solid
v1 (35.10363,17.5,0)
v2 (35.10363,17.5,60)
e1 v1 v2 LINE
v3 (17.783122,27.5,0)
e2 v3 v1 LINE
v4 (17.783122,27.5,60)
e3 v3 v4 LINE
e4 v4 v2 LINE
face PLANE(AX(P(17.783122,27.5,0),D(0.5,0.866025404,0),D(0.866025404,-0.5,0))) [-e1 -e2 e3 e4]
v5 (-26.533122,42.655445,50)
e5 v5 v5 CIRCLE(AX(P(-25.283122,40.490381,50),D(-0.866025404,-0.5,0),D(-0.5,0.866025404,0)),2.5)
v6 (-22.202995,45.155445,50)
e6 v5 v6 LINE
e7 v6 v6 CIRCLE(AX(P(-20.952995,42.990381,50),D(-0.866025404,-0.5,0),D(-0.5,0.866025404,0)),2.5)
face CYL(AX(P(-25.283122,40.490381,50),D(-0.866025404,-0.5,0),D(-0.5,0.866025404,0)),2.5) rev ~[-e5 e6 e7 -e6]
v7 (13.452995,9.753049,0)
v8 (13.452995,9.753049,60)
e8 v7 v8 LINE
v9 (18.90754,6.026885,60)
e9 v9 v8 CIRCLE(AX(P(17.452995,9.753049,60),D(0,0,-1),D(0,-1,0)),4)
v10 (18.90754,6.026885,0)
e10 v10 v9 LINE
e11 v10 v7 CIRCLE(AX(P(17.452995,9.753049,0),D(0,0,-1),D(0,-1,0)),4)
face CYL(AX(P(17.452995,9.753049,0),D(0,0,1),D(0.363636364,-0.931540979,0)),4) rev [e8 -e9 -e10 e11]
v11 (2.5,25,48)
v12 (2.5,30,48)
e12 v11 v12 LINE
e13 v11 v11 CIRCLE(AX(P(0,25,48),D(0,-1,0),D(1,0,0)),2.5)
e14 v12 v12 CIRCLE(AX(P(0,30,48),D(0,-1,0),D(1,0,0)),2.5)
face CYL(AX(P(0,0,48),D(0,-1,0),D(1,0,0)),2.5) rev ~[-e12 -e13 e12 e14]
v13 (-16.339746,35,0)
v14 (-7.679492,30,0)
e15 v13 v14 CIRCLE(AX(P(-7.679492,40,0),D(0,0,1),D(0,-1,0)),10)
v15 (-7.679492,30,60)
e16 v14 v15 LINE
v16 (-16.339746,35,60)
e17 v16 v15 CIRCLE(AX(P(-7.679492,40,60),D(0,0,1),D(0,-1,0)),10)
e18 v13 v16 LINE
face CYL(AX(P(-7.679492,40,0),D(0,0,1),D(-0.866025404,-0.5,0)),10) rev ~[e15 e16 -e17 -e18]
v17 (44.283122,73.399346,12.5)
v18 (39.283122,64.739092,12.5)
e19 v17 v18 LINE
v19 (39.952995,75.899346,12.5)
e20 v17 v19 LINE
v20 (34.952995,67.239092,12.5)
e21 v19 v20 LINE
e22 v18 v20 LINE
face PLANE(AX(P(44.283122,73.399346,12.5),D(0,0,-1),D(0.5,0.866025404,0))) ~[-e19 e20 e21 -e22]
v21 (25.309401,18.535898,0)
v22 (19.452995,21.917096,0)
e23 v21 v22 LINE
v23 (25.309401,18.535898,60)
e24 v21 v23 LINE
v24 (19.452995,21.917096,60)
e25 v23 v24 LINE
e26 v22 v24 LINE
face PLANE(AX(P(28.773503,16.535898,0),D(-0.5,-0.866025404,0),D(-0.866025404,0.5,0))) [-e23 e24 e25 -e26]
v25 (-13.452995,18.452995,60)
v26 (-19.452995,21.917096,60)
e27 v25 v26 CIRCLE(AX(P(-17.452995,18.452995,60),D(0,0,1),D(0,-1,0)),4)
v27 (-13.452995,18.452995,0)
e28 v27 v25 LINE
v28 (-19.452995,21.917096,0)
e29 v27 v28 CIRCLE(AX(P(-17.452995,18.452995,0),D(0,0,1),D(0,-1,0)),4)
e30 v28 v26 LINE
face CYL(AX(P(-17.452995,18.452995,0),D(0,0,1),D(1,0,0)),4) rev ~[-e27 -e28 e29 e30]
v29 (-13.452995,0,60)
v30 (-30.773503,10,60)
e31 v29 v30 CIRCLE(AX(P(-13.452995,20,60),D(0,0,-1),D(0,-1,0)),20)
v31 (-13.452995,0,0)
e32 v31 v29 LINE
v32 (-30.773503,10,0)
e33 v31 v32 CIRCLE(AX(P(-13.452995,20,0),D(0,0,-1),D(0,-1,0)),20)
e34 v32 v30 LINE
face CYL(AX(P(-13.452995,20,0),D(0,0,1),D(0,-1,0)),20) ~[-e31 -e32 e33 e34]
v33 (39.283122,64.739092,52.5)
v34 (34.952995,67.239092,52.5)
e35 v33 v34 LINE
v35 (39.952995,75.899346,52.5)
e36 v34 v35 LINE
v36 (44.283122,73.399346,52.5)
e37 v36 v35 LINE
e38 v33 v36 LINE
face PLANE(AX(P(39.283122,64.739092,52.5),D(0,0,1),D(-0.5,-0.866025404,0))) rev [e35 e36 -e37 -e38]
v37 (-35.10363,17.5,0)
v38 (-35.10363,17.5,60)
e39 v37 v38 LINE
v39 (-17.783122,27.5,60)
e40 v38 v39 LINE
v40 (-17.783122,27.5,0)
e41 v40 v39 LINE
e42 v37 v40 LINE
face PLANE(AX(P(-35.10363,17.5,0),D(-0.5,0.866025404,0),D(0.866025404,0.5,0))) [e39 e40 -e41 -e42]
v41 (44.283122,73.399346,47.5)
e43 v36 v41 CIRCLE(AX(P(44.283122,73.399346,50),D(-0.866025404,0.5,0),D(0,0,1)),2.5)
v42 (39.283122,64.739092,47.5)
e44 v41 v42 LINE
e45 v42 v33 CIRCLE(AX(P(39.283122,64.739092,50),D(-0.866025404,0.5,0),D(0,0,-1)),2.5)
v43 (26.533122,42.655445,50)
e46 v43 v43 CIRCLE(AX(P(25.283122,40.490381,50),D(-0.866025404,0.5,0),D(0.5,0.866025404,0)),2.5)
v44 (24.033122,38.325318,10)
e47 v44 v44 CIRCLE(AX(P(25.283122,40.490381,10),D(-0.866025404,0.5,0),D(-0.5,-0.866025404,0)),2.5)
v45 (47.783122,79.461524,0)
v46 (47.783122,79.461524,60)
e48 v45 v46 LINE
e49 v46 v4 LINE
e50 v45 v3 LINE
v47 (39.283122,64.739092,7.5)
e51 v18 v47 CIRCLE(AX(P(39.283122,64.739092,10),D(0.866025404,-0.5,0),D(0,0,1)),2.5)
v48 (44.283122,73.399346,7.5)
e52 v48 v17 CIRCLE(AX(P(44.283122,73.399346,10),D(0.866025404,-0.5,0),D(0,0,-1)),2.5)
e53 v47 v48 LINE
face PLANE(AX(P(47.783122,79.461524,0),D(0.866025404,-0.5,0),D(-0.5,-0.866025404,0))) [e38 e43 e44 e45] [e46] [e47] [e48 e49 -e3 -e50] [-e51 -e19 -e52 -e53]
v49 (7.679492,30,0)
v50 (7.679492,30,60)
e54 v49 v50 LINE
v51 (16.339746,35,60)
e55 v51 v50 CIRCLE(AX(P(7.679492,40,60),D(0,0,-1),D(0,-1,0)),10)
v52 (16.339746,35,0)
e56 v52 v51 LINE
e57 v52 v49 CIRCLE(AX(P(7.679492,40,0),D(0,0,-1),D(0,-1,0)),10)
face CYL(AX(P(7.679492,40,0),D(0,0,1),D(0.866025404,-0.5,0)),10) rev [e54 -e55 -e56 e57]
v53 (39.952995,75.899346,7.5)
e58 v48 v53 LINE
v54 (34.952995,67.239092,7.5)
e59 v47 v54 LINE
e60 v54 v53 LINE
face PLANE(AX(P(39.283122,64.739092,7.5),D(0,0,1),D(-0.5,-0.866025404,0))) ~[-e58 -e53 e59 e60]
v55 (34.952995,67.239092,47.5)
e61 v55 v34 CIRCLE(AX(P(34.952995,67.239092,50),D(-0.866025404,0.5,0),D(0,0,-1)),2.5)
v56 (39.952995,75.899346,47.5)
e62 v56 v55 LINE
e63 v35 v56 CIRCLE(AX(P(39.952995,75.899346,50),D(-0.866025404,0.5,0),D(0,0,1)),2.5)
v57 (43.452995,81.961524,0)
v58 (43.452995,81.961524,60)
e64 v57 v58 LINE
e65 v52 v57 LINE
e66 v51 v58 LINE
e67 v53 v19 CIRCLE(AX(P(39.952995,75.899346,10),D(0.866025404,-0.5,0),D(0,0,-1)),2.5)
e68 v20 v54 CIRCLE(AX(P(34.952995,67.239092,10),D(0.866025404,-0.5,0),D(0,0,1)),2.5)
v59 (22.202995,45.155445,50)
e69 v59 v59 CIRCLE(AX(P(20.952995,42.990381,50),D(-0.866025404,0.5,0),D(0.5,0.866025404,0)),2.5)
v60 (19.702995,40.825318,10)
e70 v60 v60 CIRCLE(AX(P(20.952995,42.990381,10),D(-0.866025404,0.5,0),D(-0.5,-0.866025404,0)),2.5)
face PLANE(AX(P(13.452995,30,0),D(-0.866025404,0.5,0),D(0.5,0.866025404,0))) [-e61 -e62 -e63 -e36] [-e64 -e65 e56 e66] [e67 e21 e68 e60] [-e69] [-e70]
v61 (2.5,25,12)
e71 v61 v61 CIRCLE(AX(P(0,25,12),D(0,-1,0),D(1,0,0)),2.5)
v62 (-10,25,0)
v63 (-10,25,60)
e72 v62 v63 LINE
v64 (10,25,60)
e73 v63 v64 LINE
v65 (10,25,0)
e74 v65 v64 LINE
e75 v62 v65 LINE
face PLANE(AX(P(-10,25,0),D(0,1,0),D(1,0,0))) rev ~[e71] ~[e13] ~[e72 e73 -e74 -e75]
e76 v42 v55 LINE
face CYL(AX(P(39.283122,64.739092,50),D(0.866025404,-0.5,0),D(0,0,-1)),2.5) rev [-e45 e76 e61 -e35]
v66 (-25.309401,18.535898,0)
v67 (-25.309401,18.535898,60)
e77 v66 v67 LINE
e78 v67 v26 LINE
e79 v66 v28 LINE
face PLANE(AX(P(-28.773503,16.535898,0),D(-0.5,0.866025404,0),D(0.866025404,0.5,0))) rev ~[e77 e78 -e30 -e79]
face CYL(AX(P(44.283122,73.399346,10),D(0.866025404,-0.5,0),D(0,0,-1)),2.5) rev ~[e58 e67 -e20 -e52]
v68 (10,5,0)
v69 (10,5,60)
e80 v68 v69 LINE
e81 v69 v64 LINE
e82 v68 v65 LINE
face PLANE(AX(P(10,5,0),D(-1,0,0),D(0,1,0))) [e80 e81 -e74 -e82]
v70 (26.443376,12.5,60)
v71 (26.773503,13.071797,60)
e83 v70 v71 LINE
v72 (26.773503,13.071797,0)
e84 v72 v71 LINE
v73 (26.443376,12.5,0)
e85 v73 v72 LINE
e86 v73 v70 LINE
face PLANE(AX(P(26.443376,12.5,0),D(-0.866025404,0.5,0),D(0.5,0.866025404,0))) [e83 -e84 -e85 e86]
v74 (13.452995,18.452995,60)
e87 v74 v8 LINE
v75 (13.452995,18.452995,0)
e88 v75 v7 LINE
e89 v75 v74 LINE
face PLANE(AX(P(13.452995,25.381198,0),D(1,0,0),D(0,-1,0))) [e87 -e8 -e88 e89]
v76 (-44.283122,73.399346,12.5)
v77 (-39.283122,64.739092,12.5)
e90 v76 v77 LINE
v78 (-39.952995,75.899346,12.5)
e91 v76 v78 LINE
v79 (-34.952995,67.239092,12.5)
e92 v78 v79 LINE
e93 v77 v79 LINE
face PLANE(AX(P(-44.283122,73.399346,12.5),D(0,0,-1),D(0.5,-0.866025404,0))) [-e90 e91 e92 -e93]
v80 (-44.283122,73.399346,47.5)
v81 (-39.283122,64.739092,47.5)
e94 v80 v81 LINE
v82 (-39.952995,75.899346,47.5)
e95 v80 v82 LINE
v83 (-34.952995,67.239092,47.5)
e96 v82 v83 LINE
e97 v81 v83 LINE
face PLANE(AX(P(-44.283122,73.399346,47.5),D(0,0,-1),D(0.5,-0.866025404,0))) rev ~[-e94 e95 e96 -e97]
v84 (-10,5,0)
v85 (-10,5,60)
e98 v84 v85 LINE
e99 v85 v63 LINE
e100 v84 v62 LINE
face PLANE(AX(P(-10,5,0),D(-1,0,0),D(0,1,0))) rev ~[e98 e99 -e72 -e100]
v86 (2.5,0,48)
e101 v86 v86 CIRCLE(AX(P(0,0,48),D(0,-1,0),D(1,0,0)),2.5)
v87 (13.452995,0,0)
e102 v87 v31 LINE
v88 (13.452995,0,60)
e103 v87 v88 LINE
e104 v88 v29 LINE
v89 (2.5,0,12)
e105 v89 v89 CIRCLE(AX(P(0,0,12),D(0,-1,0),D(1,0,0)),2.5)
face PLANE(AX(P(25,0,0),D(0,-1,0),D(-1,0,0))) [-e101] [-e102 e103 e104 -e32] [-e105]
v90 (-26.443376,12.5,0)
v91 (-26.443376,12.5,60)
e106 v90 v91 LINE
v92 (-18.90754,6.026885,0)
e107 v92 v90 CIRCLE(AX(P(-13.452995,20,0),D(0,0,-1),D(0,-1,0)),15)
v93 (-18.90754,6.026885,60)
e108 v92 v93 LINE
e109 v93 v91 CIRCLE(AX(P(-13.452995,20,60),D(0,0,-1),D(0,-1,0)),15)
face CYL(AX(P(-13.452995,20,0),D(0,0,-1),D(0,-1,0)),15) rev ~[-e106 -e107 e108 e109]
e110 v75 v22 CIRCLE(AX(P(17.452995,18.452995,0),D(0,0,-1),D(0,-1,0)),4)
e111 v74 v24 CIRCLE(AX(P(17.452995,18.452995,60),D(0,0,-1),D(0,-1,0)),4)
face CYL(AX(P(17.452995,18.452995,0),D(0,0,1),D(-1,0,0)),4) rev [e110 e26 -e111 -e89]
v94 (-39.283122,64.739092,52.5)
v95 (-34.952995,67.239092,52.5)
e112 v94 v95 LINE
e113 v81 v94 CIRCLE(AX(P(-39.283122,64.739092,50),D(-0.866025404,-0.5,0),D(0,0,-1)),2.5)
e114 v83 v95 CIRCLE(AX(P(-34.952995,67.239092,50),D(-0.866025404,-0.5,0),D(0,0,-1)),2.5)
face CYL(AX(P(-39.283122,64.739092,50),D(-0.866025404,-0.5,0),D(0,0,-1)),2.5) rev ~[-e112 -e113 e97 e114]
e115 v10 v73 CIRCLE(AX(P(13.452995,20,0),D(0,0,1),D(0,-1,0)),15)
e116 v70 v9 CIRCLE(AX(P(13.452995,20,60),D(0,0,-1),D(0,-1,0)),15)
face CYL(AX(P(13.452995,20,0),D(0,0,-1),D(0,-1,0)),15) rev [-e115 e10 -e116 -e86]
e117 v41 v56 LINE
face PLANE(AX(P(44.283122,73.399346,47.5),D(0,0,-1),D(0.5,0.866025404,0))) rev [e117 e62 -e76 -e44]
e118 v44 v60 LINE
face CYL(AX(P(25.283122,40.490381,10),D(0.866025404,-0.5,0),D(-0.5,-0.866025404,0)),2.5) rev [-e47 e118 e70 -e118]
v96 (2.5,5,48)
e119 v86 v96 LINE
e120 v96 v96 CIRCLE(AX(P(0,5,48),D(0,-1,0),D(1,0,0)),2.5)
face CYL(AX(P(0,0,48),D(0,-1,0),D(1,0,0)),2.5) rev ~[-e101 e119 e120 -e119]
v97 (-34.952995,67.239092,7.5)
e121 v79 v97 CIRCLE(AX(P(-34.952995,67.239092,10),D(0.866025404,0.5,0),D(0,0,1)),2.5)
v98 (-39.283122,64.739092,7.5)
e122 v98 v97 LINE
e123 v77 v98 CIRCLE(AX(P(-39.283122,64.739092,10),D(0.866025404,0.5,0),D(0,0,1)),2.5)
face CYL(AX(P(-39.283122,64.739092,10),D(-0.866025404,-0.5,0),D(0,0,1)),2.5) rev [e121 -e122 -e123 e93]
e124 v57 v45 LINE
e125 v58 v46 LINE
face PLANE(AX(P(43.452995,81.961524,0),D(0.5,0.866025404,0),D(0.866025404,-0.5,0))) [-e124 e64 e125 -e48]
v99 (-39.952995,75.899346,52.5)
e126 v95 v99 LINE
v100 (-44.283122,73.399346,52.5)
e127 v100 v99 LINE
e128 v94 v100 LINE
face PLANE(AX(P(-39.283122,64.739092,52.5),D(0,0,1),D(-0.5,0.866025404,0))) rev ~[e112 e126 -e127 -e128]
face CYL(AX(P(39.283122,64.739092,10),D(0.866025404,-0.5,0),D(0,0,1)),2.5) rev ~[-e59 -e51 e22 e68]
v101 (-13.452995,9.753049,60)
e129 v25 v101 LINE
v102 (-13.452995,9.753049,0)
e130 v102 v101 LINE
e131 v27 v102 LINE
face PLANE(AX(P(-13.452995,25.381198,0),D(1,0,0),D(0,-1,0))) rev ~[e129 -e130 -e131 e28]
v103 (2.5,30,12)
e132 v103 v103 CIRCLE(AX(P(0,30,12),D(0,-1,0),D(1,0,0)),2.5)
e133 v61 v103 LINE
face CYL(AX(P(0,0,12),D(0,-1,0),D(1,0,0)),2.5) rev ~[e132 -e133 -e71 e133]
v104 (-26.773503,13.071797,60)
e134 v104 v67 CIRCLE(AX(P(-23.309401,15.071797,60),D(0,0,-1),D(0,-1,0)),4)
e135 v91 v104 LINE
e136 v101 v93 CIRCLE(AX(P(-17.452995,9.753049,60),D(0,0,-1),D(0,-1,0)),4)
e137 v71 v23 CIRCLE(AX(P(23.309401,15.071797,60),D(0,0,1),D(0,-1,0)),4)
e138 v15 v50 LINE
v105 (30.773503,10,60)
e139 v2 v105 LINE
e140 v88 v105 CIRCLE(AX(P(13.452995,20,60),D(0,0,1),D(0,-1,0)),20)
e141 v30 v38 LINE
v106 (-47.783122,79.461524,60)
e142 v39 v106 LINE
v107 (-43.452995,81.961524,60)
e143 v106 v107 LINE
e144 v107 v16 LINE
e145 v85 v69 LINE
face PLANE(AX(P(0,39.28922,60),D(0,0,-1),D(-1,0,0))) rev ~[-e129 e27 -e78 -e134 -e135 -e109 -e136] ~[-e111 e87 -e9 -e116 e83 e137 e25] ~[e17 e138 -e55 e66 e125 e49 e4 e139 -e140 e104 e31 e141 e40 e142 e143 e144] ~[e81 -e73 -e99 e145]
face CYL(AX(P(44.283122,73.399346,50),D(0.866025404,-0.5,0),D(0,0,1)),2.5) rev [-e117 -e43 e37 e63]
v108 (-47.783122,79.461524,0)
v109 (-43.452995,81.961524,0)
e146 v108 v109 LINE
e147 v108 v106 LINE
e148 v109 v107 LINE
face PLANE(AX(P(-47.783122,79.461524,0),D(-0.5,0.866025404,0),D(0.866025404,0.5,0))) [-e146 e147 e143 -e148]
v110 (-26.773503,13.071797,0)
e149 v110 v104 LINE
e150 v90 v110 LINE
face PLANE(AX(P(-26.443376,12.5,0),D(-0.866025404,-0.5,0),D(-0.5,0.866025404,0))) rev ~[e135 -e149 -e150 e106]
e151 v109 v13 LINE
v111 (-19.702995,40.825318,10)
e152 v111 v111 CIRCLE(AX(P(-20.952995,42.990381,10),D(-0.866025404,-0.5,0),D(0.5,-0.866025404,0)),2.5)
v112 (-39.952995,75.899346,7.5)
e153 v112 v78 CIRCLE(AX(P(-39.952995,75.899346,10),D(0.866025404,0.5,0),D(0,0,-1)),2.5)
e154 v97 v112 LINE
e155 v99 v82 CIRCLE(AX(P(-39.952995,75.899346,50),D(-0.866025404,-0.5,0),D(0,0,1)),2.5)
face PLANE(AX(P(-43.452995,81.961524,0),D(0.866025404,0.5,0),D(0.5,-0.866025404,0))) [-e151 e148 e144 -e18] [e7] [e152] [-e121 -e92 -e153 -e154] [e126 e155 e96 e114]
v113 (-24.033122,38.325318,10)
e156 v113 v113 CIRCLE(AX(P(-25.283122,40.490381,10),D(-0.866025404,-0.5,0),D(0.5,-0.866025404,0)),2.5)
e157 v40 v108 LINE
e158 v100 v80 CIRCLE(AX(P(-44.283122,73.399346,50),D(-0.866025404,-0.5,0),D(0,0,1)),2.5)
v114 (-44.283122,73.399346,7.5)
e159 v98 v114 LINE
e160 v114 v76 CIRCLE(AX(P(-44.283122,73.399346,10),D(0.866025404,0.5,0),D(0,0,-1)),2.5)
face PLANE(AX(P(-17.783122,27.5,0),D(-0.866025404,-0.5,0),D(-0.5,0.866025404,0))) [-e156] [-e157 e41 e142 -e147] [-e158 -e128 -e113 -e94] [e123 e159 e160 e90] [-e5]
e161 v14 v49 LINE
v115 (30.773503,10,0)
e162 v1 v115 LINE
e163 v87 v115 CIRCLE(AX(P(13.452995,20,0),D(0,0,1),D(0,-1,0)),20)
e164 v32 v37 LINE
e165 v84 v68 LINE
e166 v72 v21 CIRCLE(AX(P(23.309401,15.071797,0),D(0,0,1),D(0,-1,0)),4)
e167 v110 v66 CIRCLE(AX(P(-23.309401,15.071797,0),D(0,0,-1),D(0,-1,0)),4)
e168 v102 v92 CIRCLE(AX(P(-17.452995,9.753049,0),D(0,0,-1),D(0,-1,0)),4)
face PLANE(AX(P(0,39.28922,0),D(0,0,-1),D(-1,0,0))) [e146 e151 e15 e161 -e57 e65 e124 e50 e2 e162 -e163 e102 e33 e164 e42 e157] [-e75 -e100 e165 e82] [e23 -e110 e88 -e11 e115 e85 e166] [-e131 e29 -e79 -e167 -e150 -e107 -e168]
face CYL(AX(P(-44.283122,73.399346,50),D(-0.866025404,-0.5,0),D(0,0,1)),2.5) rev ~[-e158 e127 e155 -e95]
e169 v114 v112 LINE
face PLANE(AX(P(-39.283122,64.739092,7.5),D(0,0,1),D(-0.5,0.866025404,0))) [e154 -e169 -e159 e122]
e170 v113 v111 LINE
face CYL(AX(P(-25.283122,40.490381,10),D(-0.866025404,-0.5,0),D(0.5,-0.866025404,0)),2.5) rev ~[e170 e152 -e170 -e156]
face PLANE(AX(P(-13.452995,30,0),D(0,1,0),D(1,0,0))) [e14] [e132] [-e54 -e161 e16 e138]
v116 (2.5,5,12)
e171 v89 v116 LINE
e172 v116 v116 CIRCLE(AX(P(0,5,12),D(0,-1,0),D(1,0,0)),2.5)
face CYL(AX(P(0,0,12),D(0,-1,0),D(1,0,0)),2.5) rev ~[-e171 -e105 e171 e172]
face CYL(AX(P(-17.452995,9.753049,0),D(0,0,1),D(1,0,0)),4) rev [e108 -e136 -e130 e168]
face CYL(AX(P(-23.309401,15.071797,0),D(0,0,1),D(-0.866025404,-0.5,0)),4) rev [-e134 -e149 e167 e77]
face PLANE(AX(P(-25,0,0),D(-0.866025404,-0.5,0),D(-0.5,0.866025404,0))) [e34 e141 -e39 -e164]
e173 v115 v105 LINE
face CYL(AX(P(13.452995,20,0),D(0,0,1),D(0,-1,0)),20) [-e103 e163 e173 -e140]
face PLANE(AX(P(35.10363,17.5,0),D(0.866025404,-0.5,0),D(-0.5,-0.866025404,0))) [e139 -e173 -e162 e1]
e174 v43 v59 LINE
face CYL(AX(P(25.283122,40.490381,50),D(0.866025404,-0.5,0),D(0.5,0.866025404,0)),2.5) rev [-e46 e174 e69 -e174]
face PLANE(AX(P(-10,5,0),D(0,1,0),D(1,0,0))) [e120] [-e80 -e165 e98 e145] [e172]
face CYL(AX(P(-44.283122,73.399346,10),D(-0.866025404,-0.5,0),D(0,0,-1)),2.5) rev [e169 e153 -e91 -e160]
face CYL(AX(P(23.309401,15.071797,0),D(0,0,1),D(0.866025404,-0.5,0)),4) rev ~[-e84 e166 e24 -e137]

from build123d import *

# Parameters (mm, degrees)
SCHIZZO1_W                   = 20
SCHIZZO1_H                   = 20
ESTRUSIONE_ESTRUSIONE1_DEPTH = 60
RACCORDO1_R                  = 20
SCHIZZO8_R                   = 2.5
TAGLIO_ESTRUSIONE3_DEPTH     = 5
TAGLIO_ESTRUSIONE4_DEPTH     = 113.253811369
RACCORDO2_R                  = 10
RACCORDO3_R                  = 4
SCHIZZO11_R                  = 2.5
TAGLIO_ESTRUSIONE5_DEPTH     = 113.253811369


with BuildPart() as part:
    # Schizzo1 → Estrusione-Estrusione1 (new body)
    with BuildSketch(Plane.XY):
        Polygon((25, 0), (-25, 0), (-35.103629711, 17.5), (-17.783121635, 27.5), (-47.783121635, 79.461524227), (-43.452994616, 81.961524227), (-13.452994616, 30), (13.452994616, 30), (43.452994616, 81.961524227), (47.783121635, 79.461524227), (17.783121635, 27.5), (35.103629711, 17.5), align=None)
        with Locations((0, 15)):
            Rectangle(SCHIZZO1_W, SCHIZZO1_H, mode=Mode.SUBTRACT)
    extrude(amount=ESTRUSIONE_ESTRUSIONE1_DEPTH)

    # Raccordo1
    raccordo1_edges = [part.edges().sort_by_distance(p)[0] for p in [
        (25, 0, 30),
        (-25, 0, 30),
    ]]
    fillet(raccordo1_edges, radius=RACCORDO1_R)

    # Schizzo8 → Taglio-Estrusione3 (cut)
    with BuildSketch(Plane(origin=(-1.429491924, -0.825317547, 0), x_dir=(0, 0, 1), z_dir=(-0.8660254037844398, -0.49999999999999806, 0))):
        with Locations(Location((10, 47.707259422, 0), (0, 0, 270))):
            Circle(SCHIZZO8_R)
        with Locations(Location((50, 47.707259422, 0), (0, 0, 90))):
            Circle(SCHIZZO8_R)
        with BuildLine():
            Line((12.5, 85.707259422), (12.5, 75.707259422))
            ThreePointArc((12.5, 75.707259422), (10, 73.207259422), (7.5, 75.707259422))
            Line((7.5, 75.707259422), (7.5, 85.707259422))
            ThreePointArc((7.5, 85.707259422), (10, 88.207259422), (12.5, 85.707259422))
        make_face()
        with BuildLine():
            Line((47.5, 85.707259422), (47.5, 75.707259422))
            ThreePointArc((47.5, 75.707259422), (50, 73.207259422), (52.5, 75.707259422))
            Line((52.5, 75.707259422), (52.5, 85.707259422))
            ThreePointArc((52.5, 85.707259422), (50, 88.207259422), (47.5, 85.707259422))
        make_face()
    taglio_estrusione3 = extrude(amount=-TAGLIO_ESTRUSIONE3_DEPTH, mode=Mode.SUBTRACT)

    # Specchia1: Taglio-Estrusione3 across plane
    add(taglio_estrusione3.mirror(Plane(origin=(0, 0, 0), x_dir=(0, 0, 1), z_dir=(1, 0, 0))), mode=Mode.SUBTRACT)

    # Schizzo10 → Taglio-Estrusione4 (cut, through all)
    with BuildSketch(Plane(origin=(0, 0, 0), x_dir=(-1, 0, 0), z_dir=(0, 0, -1))):
        with BuildLine():
            Line((-28.773502692, 16.535898385), (-13.452994616, 25.381197846))
            Line((-13.452994616, 25.381197846), (-13.452994616, 5))
            ThreePointArc((-13.452994616, 5), (-20.952994616, 7.009618943), (-26.443375673, 12.5))
            Line((-26.443375673, 12.5), (-28.773502692, 16.535898385))
        make_face()
        with BuildLine():
            Line((13.452994616, 25.381197846), (13.452994616, 5))
            ThreePointArc((13.452994616, 5), (20.952994616, 7.009618943), (26.443375673, 12.5))
            Line((26.443375673, 12.5), (28.773502692, 16.535898385))
            Line((28.773502692, 16.535898385), (13.452994616, 25.381197846))
        make_face()
    extrude(amount=-TAGLIO_ESTRUSIONE4_DEPTH, mode=Mode.SUBTRACT)

    # Raccordo2
    raccordo2_edges = [part.edges().sort_by_distance(p)[0] for p in [
        (-13.452994616, 30, 30),
        (13.452994616, 30, 30),
    ]]
    fillet(raccordo2_edges, radius=RACCORDO2_R)

    # Raccordo3
    raccordo3_edges = [part.edges().sort_by_distance(p)[0] for p in [
        (28.773502692, 16.535898385, 30),
        (13.452994616, 25.381197846, 30),
        (13.452994616, 5, 30),
        (-13.452994616, 5, 30),
        (-13.452994616, 25.381197846, 30),
        (-28.773502692, 16.535898385, 30),
    ]]
    fillet(raccordo3_edges, radius=RACCORDO3_R)

    # Schizzo11 → Taglio-Estrusione5 (cut, through all)
    with BuildSketch(Plane.XZ):
        with Locations((0, 48)):
            Circle(SCHIZZO11_R)
        with Locations((0, 12)):
            Circle(SCHIZZO11_R)
    extrude(amount=-TAGLIO_ESTRUSIONE5_DEPTH, mode=Mode.SUBTRACT)


solid = part.part
